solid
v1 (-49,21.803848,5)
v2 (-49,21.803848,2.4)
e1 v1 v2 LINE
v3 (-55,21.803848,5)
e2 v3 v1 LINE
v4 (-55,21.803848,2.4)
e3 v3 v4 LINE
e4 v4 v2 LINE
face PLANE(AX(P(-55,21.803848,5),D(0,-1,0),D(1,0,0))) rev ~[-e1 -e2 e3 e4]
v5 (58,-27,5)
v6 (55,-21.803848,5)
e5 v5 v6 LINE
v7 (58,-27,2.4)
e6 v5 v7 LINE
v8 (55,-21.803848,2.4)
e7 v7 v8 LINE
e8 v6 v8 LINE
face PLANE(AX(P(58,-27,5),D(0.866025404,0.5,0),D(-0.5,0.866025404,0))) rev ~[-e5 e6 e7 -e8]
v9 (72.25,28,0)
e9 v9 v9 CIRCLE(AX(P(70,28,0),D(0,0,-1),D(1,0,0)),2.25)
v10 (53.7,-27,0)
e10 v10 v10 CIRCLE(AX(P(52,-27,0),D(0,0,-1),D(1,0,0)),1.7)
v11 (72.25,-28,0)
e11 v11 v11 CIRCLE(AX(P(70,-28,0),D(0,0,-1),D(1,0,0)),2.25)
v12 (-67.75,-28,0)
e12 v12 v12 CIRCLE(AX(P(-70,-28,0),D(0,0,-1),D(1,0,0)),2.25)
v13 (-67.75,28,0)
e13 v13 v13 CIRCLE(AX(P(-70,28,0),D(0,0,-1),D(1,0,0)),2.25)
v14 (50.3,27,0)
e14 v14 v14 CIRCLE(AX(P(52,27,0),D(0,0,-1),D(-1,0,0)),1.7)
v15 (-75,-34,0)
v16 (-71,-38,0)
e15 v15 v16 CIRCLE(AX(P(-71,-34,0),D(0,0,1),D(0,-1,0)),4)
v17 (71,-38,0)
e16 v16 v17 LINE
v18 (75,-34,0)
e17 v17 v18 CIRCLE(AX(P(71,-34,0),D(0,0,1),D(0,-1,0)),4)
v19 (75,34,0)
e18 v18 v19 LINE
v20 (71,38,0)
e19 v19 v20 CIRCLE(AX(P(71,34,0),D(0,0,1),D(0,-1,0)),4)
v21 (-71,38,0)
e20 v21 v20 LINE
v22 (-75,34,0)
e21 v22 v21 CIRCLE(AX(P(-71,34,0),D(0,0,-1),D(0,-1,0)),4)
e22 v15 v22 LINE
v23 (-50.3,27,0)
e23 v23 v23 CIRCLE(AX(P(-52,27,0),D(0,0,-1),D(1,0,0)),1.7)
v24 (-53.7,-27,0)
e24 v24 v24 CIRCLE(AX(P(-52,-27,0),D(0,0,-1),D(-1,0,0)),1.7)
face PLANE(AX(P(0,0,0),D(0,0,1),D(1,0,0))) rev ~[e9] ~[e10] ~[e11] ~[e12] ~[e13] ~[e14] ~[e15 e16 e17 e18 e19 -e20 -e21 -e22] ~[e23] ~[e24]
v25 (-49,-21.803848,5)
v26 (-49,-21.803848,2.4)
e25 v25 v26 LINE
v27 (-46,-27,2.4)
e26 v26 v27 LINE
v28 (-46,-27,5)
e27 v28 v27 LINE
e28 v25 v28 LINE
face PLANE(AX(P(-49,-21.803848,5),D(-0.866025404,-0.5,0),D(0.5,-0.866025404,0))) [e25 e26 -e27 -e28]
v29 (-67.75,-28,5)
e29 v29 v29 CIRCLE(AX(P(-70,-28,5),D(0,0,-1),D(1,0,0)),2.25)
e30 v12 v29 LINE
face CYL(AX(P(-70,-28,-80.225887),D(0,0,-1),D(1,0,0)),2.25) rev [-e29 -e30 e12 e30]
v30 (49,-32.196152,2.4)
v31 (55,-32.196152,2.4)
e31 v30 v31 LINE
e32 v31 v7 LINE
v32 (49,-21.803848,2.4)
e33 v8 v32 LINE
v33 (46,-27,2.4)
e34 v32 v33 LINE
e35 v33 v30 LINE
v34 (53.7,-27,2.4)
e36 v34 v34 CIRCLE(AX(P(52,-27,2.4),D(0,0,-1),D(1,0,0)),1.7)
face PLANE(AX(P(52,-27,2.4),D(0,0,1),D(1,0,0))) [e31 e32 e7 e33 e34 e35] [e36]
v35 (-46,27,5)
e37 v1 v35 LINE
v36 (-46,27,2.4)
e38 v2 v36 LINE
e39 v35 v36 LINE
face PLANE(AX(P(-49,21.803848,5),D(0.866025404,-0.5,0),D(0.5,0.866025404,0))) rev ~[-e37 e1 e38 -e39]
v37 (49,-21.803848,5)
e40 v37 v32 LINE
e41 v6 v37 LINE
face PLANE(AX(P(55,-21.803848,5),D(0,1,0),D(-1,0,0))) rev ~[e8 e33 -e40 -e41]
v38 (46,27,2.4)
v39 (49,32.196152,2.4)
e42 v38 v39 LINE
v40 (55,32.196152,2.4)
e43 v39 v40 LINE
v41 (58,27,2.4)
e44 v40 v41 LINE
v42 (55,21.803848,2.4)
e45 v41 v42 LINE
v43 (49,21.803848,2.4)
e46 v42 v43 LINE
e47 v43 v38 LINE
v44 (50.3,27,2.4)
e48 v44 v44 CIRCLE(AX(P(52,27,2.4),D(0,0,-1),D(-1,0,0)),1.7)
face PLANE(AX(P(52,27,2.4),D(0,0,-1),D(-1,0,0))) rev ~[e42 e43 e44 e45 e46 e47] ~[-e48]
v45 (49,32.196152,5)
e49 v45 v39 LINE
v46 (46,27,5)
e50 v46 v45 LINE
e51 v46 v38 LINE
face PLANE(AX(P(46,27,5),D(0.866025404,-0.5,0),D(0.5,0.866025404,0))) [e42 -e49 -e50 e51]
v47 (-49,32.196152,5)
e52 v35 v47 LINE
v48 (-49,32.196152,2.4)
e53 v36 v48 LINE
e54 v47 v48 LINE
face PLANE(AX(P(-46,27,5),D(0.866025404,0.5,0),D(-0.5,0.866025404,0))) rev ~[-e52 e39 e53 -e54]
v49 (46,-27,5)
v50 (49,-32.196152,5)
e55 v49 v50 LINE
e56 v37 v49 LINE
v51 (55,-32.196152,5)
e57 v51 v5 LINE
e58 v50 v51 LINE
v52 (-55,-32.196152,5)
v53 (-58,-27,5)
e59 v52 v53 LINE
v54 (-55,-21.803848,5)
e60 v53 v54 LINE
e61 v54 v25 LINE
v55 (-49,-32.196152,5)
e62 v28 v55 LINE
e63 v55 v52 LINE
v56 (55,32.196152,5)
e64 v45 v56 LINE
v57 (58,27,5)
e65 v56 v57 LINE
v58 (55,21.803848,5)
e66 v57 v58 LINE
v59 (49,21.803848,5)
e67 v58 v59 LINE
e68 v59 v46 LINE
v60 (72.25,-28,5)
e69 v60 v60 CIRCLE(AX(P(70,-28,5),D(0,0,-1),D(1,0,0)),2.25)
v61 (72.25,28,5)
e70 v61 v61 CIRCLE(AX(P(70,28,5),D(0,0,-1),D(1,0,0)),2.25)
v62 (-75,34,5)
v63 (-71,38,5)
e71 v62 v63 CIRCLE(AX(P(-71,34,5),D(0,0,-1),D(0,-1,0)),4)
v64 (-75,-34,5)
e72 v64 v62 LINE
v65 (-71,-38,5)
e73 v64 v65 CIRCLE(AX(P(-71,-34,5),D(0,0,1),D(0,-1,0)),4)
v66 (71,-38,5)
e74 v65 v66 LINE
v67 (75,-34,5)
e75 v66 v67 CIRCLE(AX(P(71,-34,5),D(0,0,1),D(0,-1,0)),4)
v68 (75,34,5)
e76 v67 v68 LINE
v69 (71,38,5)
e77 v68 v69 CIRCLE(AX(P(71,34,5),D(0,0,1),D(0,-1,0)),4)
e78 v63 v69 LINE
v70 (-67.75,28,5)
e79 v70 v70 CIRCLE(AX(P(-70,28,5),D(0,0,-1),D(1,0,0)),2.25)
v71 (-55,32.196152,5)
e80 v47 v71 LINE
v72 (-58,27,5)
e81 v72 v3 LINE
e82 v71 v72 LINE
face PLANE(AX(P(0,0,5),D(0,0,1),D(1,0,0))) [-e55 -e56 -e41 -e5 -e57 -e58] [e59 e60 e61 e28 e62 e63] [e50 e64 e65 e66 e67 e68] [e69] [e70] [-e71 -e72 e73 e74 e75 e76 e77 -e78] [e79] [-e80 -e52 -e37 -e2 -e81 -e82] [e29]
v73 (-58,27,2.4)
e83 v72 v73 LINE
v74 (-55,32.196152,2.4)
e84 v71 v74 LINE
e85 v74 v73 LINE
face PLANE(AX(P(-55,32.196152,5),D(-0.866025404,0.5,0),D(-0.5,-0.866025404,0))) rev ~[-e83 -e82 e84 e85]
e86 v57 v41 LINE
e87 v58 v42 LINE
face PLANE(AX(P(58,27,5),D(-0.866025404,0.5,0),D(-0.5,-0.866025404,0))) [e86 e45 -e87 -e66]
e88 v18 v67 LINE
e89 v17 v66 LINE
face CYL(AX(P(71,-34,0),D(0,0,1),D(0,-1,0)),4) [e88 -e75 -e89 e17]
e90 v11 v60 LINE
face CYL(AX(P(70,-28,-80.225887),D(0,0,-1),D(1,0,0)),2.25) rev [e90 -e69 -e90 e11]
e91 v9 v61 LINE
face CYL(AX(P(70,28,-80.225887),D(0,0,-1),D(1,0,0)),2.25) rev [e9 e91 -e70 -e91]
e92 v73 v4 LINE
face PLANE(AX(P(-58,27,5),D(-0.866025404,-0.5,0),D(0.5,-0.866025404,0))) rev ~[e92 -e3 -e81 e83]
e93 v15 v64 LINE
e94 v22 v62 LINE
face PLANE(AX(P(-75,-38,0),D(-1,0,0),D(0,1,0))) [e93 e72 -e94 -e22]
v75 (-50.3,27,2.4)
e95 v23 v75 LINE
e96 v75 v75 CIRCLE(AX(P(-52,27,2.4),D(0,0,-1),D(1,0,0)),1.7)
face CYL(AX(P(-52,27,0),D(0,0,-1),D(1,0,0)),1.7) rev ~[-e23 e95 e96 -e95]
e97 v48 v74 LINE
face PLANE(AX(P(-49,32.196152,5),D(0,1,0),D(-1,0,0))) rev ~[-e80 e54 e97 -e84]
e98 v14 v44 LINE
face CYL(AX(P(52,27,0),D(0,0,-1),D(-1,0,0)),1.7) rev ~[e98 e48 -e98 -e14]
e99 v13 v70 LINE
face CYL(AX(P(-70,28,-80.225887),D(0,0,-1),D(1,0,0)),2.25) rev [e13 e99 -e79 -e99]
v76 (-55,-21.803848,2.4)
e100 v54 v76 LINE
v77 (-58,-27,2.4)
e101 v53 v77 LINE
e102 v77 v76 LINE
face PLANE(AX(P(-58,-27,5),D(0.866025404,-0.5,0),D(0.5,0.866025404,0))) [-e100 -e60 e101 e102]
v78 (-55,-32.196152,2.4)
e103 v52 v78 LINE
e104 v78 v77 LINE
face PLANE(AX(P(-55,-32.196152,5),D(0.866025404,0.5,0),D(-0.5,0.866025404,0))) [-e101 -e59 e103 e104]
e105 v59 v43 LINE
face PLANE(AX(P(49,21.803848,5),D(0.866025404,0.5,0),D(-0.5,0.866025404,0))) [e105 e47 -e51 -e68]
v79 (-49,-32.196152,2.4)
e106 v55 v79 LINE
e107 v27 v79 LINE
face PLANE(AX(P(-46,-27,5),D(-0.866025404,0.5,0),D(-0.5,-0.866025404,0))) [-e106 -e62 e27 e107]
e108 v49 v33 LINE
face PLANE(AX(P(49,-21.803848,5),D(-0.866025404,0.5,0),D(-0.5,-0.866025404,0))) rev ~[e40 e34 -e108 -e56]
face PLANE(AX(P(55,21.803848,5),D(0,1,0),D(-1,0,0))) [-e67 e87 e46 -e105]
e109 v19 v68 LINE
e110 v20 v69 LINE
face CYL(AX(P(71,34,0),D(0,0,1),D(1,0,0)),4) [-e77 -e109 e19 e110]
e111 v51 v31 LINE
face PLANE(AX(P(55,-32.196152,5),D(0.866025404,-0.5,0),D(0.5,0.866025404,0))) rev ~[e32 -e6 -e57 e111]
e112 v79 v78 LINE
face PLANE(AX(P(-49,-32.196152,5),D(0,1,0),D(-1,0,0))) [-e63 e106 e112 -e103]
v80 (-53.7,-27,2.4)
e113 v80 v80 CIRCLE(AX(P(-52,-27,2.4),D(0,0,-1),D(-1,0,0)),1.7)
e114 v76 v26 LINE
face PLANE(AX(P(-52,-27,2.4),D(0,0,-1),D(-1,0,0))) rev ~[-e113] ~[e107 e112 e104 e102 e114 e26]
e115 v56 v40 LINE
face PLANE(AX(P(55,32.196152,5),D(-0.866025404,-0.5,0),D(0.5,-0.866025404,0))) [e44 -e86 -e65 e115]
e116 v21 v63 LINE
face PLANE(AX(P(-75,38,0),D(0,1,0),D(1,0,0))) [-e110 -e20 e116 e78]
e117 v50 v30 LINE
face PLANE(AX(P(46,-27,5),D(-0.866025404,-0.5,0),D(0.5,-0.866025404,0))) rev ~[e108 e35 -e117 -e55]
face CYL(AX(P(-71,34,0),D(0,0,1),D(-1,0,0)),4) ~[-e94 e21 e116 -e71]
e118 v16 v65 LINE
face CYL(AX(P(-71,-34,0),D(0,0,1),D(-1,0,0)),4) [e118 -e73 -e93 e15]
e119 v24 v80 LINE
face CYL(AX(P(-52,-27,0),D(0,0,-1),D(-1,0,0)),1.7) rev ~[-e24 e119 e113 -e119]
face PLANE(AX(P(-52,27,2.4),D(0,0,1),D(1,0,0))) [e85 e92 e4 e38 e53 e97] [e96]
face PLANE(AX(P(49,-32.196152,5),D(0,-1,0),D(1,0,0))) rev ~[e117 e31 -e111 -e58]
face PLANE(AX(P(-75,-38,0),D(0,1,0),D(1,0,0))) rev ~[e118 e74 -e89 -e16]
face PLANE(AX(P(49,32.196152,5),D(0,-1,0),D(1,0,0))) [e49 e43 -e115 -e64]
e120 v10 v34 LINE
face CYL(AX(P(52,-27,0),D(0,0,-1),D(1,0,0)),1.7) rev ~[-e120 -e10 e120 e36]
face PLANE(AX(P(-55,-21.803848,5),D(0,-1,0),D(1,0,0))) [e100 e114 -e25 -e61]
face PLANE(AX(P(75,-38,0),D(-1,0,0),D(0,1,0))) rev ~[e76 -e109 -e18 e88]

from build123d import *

# Parameters (mm, degrees)
SKETCH1_W               = 150
SKETCH1_H               = 76
BOSS_EXTRUDE1_DEPTH     = 5
FILLET1_R               = 4
SKETCH2_R               = 1.7
CUT_EXTRUDE1_DEPTH      = 85.225886757
CUT_EXTRUDE2_DEPTH      = 2.6
CUT_EXTRUDE3_DEPTH      = 85.225886757
CUT_EXTRUDE3_DEPTH_BACK = 85.225886757
SKETCH4_R               = 2.25


with BuildPart() as part:
    # Sketch1 → Boss-Extrude1 (new body)
    with BuildSketch(Plane.XY):
        Rectangle(SKETCH1_W, SKETCH1_H)
    extrude(amount=BOSS_EXTRUDE1_DEPTH)

    # Fillet1
    fillet1_edges = [part.edges().sort_by_distance(p)[0] for p in [
        (-75, 38, 2.5),
        (75, 38, 2.5),
        (75, -38, 2.5),
        (-75, -38, 2.5),
    ]]
    fillet(fillet1_edges, radius=FILLET1_R)

    # Sketch2 → Cut-Extrude1 (cut, through all)
    with BuildSketch(Plane(origin=(0, 0, 0), x_dir=(-1, 0, 0), z_dir=(0, 0, -1))):
        with Locations((52, -27)):
            Circle(SKETCH2_R)
        with Locations(Location((52, 27, 0), (0, 0, 180))):
            Circle(SKETCH2_R)
        with Locations((-52, 27)):
            Circle(SKETCH2_R)
        with Locations(Location((-52, -27, 0), (0, 0, 180))):
            Circle(SKETCH2_R)
    extrude(amount=-CUT_EXTRUDE1_DEPTH, mode=Mode.SUBTRACT)

    # Sketch3 → Cut-Extrude2 (cut)
    with BuildSketch(Plane.XY.offset(5)):
        Polygon((-49, 21.803847577), (-46, 27), (-49, 32.196152423), (-55, 32.196152423), (-58, 27), (-55, 21.803847577), align=None)
        Polygon((55, 21.803847577), (49, 21.803847577), (46, 27), (49, 32.196152423), (55, 32.196152423), (58, 27), align=None)
        Polygon((49, -21.803847577), (46, -27), (49, -32.196152423), (55, -32.196152423), (58, -27), (55, -21.803847577), align=None)
        Polygon((-55, -21.803847577), (-49, -21.803847577), (-46, -27), (-49, -32.196152423), (-55, -32.196152423), (-58, -27), align=None)
    extrude(amount=-CUT_EXTRUDE2_DEPTH, mode=Mode.SUBTRACT)

    # Sketch4 → Cut-Extrude3 (cut, two sides: drawn at the far end of the back side and taken through both)
    with BuildSketch(Plane.XY.offset(5).offset(-CUT_EXTRUDE3_DEPTH_BACK)):
        with Locations((-70, 28)):
            Circle(SKETCH4_R)
        with Locations((70, 28)):
            Circle(SKETCH4_R)
        with Locations((70, -28)):
            Circle(SKETCH4_R)
        with Locations((-70, -28)):
            Circle(SKETCH4_R)
    extrude(amount=CUT_EXTRUDE3_DEPTH + CUT_EXTRUDE3_DEPTH_BACK, mode=Mode.SUBTRACT)


solid = part.part
